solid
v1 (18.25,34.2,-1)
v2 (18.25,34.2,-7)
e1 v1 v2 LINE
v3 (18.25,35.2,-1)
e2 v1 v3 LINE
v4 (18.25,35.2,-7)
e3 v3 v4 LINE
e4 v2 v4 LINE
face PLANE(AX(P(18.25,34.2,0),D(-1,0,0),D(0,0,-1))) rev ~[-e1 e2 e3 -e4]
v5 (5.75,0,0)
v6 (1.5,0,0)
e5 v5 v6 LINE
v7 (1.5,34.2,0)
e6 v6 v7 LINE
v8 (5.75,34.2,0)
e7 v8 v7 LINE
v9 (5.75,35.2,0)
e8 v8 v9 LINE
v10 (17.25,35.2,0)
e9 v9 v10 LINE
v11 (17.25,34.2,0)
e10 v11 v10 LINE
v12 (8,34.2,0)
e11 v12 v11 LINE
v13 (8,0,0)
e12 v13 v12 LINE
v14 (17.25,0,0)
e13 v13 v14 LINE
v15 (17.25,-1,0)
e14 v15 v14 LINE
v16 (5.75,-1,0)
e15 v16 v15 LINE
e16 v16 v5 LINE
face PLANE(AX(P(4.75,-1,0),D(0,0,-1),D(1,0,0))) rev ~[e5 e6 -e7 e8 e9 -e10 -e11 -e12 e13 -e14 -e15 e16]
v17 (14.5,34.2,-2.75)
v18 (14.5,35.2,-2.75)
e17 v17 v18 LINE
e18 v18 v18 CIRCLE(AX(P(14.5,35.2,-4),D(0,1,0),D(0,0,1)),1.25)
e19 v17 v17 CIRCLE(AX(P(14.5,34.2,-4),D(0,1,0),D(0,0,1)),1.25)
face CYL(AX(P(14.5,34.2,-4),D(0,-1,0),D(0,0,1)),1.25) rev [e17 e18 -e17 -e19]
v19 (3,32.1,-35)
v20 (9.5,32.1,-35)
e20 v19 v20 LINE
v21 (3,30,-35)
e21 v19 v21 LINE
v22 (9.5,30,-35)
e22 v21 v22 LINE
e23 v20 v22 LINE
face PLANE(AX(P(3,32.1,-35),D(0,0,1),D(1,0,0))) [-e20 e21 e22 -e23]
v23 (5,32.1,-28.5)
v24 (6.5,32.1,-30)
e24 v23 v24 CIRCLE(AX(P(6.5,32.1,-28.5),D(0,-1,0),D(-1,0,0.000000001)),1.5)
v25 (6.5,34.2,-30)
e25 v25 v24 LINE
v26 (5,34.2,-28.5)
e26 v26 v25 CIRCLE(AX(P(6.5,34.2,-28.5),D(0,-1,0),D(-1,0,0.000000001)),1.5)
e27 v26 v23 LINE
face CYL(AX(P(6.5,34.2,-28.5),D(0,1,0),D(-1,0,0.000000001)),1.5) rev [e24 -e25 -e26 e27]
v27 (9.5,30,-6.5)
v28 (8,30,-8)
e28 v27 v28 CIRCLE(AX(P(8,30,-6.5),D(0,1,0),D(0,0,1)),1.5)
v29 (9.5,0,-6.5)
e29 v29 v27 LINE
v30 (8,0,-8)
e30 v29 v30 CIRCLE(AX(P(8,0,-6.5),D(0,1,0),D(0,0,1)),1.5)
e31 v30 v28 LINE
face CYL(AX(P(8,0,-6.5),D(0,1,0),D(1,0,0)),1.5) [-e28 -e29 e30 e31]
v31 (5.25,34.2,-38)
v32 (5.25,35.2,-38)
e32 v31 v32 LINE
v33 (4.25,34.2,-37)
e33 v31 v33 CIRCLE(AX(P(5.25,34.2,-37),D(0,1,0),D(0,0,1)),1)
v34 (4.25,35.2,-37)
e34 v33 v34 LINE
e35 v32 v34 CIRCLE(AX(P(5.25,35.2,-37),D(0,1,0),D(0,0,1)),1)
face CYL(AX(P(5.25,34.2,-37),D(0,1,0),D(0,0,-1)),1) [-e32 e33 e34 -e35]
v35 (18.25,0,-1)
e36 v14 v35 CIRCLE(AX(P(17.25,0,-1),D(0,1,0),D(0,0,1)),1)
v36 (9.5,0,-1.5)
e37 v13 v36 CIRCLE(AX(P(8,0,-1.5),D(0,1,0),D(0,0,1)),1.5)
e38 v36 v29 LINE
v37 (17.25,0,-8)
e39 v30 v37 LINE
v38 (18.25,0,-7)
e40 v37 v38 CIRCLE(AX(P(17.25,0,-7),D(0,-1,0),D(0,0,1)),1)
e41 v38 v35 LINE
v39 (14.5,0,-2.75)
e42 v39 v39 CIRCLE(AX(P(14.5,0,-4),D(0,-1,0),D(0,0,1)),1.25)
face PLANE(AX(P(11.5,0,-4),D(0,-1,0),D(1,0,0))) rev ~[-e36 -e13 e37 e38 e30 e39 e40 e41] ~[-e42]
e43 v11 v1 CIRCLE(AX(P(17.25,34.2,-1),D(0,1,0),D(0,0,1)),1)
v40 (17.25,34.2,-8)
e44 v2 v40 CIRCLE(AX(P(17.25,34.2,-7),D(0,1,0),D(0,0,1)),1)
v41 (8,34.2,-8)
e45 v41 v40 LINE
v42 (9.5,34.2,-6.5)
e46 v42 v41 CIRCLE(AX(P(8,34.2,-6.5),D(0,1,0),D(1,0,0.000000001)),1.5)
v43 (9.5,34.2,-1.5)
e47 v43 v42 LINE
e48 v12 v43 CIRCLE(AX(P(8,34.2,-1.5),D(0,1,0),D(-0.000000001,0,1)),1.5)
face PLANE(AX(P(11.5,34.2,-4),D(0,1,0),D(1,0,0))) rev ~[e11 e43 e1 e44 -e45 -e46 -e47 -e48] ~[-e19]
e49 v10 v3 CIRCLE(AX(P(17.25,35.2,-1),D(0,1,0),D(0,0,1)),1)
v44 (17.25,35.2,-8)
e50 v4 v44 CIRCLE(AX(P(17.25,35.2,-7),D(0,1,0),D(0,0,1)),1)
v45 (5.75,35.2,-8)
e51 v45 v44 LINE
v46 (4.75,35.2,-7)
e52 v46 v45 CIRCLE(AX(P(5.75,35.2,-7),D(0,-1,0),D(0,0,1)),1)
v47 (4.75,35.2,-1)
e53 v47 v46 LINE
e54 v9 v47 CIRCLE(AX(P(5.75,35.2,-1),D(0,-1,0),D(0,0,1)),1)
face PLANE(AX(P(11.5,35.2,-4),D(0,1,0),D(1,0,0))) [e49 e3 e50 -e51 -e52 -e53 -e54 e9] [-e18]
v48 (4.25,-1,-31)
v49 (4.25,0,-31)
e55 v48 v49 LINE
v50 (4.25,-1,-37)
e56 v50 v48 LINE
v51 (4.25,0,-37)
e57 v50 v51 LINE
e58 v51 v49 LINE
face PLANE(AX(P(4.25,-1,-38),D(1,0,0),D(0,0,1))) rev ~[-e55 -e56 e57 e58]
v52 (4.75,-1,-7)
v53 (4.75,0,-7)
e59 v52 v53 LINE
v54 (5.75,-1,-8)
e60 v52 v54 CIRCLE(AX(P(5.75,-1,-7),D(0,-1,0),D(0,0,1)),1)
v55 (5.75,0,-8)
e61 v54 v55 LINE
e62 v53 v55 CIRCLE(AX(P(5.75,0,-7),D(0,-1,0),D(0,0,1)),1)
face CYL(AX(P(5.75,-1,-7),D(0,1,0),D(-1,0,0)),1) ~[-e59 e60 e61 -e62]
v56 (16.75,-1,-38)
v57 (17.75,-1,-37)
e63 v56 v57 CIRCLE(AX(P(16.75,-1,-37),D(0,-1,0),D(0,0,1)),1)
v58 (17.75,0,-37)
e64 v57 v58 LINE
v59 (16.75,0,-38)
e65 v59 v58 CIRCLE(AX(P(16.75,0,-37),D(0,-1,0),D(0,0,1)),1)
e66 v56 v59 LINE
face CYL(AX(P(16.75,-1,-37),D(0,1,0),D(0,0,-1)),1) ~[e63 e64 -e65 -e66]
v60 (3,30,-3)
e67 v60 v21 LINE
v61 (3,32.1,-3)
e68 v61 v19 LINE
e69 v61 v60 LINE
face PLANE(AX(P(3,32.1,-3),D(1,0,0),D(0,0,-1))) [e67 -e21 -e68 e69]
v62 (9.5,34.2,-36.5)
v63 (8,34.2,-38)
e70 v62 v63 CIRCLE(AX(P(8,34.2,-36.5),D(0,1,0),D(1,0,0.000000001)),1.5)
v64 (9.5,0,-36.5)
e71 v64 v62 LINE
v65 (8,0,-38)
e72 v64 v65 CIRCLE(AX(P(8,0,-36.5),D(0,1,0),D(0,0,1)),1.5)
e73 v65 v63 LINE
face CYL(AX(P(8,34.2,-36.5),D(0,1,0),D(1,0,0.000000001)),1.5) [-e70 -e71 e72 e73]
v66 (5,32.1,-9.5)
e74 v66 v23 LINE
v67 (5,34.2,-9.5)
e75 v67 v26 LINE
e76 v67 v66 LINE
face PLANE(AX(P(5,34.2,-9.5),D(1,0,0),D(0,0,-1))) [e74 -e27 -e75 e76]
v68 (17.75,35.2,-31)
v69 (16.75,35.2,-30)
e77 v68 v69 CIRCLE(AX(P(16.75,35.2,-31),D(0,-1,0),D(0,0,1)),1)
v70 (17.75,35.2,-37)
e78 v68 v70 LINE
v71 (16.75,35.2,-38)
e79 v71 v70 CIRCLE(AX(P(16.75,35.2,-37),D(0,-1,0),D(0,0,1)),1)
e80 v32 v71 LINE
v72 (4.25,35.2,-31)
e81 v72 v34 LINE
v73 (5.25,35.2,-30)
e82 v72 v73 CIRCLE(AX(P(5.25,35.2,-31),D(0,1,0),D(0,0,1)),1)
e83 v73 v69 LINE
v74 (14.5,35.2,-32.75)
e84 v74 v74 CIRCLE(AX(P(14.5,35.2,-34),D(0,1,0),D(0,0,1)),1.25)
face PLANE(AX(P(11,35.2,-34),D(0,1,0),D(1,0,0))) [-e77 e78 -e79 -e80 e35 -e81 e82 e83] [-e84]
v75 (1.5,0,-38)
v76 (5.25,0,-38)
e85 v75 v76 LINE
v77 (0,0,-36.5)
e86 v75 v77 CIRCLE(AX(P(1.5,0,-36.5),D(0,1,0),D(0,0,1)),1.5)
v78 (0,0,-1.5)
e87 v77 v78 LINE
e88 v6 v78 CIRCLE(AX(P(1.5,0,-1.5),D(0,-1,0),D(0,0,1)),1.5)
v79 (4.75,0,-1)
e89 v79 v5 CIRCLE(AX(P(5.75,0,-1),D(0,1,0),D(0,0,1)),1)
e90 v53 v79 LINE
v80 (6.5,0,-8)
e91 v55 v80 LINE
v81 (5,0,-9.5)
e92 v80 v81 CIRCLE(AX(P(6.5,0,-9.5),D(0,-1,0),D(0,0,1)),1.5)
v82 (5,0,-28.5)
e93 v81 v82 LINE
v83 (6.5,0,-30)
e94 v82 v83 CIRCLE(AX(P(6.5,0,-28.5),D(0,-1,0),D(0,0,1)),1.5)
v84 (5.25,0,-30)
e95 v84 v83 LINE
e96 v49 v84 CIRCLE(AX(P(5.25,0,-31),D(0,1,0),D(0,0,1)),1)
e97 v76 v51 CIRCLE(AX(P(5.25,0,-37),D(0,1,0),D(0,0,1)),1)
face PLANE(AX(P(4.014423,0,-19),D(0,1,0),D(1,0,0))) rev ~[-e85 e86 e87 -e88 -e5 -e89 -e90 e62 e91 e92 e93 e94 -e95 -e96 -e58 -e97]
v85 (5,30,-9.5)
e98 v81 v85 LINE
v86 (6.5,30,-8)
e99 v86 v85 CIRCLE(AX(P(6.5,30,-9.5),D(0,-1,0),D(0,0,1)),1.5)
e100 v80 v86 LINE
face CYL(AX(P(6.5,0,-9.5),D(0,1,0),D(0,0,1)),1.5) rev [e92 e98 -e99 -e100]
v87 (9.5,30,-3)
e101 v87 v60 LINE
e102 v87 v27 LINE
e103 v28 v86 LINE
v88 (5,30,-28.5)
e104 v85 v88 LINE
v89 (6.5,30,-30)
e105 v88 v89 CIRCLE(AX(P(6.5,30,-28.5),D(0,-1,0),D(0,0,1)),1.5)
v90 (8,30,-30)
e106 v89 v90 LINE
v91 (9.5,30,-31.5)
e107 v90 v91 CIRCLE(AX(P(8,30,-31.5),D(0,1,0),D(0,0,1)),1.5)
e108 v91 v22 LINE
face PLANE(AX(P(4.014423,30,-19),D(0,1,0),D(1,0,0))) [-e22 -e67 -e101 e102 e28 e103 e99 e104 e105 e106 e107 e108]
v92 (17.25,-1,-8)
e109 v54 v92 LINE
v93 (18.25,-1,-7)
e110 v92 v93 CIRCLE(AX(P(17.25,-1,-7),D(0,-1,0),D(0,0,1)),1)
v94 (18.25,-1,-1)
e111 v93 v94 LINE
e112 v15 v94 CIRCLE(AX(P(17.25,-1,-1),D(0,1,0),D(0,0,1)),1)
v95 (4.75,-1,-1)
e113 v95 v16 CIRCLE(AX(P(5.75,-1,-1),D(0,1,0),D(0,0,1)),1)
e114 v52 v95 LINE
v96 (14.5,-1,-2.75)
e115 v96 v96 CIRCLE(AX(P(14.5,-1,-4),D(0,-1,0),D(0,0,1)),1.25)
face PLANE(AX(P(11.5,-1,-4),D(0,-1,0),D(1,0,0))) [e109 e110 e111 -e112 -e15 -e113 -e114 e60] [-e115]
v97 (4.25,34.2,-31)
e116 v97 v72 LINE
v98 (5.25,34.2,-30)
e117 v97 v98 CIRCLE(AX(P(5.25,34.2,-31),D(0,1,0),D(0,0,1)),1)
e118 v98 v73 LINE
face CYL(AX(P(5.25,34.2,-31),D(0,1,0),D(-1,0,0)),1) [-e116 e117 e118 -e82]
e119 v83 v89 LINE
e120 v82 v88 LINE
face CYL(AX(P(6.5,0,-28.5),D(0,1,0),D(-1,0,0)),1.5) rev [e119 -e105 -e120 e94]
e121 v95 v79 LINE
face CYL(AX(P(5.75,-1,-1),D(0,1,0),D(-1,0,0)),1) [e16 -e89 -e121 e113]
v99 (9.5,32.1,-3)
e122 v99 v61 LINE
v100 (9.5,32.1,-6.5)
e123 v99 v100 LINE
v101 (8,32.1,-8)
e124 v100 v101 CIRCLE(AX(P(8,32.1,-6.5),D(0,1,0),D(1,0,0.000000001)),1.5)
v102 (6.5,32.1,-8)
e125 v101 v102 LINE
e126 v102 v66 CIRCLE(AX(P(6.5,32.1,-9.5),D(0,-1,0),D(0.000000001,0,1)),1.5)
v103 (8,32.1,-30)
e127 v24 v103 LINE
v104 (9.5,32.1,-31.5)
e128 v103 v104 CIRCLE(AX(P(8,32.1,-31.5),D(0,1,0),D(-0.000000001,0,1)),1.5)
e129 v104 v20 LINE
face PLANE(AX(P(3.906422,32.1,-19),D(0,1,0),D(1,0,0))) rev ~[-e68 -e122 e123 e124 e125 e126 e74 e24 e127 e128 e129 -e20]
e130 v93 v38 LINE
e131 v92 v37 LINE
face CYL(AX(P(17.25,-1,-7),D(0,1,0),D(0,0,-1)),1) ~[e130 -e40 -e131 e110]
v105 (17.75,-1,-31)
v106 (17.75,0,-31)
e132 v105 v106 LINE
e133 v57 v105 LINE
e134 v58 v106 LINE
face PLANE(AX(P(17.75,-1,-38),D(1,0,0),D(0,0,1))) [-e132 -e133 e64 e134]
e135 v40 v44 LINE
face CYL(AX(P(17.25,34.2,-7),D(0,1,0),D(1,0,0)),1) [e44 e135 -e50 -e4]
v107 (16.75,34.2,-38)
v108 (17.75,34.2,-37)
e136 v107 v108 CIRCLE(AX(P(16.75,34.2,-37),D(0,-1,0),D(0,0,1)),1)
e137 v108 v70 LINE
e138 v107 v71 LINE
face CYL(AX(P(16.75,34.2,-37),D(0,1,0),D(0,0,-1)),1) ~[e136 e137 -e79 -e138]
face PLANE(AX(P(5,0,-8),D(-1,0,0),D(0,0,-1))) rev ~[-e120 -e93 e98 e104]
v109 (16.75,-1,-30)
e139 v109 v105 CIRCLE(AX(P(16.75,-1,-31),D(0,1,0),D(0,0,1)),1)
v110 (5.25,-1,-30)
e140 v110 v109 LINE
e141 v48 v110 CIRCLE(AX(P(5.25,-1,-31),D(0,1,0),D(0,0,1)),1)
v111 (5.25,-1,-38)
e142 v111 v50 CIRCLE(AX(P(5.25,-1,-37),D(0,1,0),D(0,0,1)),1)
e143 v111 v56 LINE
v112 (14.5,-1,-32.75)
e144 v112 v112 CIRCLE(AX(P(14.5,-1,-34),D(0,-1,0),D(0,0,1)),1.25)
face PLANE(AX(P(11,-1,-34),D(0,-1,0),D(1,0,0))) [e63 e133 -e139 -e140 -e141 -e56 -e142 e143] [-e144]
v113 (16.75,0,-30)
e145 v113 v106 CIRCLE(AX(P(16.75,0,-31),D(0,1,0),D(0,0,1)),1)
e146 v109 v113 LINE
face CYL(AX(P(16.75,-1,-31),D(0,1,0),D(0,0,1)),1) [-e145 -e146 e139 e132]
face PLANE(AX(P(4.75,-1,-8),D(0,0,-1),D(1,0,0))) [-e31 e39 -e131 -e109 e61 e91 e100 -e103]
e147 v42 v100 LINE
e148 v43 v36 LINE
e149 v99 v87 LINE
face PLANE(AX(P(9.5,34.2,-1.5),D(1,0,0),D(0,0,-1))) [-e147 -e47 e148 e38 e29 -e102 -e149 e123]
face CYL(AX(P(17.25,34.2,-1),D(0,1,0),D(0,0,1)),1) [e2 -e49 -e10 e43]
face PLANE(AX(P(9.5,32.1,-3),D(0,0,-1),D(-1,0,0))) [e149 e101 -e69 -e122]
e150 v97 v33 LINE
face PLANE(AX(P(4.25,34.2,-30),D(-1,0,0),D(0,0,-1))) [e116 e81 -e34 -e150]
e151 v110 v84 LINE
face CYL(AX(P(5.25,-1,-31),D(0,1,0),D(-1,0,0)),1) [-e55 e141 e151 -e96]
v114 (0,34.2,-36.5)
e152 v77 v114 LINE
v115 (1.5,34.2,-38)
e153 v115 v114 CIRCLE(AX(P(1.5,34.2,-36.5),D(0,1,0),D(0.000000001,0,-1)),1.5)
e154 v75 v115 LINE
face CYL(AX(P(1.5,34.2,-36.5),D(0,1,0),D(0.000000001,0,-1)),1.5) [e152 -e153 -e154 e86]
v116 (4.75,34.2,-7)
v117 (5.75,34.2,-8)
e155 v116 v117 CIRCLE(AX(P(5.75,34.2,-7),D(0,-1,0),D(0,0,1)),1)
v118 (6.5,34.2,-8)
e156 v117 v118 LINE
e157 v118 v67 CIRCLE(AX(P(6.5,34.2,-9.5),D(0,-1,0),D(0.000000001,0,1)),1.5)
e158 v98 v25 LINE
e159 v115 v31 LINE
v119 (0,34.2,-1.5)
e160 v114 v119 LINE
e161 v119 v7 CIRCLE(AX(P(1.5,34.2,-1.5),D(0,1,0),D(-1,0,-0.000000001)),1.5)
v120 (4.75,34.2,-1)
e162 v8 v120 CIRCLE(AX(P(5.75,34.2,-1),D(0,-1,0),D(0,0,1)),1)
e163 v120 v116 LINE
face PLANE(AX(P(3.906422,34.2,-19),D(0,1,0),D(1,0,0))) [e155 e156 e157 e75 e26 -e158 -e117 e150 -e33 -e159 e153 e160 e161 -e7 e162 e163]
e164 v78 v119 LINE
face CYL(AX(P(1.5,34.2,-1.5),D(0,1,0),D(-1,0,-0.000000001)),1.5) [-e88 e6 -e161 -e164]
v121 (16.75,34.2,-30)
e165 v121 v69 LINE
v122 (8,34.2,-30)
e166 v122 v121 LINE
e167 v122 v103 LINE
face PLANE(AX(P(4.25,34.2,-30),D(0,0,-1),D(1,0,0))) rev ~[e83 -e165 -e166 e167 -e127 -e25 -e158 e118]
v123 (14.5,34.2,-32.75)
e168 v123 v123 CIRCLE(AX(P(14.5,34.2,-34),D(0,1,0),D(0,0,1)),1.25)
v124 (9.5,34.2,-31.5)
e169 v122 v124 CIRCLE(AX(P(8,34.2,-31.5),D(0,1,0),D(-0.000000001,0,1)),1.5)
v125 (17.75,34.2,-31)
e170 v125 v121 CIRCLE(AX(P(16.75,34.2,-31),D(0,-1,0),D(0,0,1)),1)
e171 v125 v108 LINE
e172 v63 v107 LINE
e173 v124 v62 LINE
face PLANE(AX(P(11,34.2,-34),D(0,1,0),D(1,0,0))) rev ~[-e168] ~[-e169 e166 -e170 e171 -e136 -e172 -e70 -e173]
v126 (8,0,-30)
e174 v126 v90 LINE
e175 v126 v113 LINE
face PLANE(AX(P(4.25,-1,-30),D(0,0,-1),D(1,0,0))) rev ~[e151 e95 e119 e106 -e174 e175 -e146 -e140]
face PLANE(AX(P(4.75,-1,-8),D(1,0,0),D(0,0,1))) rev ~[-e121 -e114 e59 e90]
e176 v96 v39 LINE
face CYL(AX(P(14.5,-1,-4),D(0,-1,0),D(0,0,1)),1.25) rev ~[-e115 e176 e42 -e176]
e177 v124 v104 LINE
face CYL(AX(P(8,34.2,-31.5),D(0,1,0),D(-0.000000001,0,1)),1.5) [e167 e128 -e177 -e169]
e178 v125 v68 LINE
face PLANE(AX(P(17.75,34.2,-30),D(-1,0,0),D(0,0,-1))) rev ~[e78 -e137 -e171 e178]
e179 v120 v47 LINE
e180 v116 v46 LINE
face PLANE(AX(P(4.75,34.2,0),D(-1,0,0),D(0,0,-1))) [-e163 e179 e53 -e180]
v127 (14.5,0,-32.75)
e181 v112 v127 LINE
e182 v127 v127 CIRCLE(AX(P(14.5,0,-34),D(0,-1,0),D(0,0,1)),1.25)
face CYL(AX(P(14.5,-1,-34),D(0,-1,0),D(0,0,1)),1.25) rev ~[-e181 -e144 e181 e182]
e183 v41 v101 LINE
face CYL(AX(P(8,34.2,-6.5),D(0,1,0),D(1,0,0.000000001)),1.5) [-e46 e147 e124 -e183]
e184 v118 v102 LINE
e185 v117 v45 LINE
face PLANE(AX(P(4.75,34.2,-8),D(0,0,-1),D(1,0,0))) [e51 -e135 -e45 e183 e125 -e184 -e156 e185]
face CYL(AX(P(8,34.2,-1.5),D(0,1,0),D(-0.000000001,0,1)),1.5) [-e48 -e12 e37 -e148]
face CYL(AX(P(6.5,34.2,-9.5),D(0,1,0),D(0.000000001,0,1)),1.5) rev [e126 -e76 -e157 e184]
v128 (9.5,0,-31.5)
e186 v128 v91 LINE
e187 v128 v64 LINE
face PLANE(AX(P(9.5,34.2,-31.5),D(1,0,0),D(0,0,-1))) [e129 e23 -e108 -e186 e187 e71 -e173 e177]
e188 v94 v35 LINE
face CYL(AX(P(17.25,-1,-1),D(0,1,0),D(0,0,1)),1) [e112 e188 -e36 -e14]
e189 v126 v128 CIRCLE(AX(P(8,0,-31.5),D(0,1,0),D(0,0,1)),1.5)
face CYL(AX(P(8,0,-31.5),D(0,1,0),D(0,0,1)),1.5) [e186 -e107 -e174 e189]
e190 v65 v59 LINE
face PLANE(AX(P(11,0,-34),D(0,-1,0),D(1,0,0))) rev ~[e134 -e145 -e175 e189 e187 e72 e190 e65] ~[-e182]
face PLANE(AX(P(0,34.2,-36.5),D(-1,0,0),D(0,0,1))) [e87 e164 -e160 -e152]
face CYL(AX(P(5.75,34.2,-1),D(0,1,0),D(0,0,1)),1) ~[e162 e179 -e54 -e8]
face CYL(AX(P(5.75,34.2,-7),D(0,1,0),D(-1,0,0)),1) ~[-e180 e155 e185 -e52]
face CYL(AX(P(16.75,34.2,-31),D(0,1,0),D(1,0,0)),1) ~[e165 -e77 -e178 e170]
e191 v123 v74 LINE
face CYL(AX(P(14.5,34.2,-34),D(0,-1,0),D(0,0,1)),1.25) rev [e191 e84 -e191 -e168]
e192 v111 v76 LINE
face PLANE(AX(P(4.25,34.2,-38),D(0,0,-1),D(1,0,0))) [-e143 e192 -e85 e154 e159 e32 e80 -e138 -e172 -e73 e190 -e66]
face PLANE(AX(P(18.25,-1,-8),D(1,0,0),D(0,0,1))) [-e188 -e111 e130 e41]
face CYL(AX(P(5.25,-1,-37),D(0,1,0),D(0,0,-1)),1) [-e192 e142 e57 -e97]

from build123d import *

# Parameters (mm, degrees)
SALIENTE_EXTRUIR1_DEPTH = 30
REDONDEO1_R             = 1.5
SALIENTE_EXTRUIR2_START = 2.1
SALIENTE_EXTRUIR2_DEPTH = 2.1
SALIENTE_EXTRUIR3_START = 2.1
SALIENTE_EXTRUIR3_DEPTH = 2.1
CROQUIS4_W              = 13.5
CROQUIS4_H              = 8
CROQUIS4_R              = 1.25
SALIENTE_EXTRUIR4_DEPTH = 1
SALIENTE_EXTRUIR5_START = 1
CROQUIS5_W              = 13.5
CROQUIS5_H              = 8
CROQUIS5_R              = 1.25
SALIENTE_EXTRUIR5_DEPTH = 1
REDONDEO2_R             = 1


with BuildPart() as part:
    # Croquis1 → Saliente-Extruir1 (new body)
    with BuildSketch(Plane(origin=(0, 0, 0), x_dir=(1, 0, 0), z_dir=(0, 1, 0))):
        Polygon((0, 0), (9.5, 0), (9.5, 8), (5, 8), (5, 30), (9.5, 30), (9.5, 38), (0, 38), align=None)
    extrude(amount=SALIENTE_EXTRUIR1_DEPTH)

    # Redondeo1
    redondeo1_edges = [part.edges().sort_by_distance(p)[0] for p in [
        (0, 15, -38),
        (9.5, 15, -38),
        (9.5, 15, -30),
        (5, 15, -30),
        (5, 15, -8),
        (9.5, 15, -8),
        (9.5, 15, 0),
        (0, 15, 0),
    ]]
    fillet(redondeo1_edges, radius=REDONDEO1_R)

    # Croquis2 → Saliente-Extruir2 (add)
    with BuildSketch(Plane(origin=(0, 30, 0), x_dir=(1, 0, 0), z_dir=(0, 1, 0)).offset(SALIENTE_EXTRUIR2_START)):
        with BuildLine():
            Line((0, 36.5), (0, 1.5))
            ThreePointArc((0, 1.5), (0.439339828, 0.439339828), (1.5, 0))
            Line((1.5, 0), (8, 0))
            ThreePointArc((8, 0), (9.060660172, 0.439339828), (9.5, 1.5))
            Line((9.5, 1.5), (9.5, 3))
            Line((9.5, 3), (3, 3))
            Line((3, 3), (3, 35))
            Line((3, 35), (9.5, 35))
            Line((9.5, 35), (9.5, 36.5))
            ThreePointArc((9.5, 36.5), (9.060660172, 37.560660172), (8, 38))
            Line((8, 38), (1.5, 38))
            ThreePointArc((1.5, 38), (0.439339828, 37.560660172), (0, 36.5))
        make_face()
    extrude(amount=-SALIENTE_EXTRUIR2_DEPTH)

    # Croquis3 → Saliente-Extruir3 (add)
    with BuildSketch(Plane(origin=(0, 32.1, 0), x_dir=(1, 0, 0), z_dir=(0, 1, 0)).offset(SALIENTE_EXTRUIR3_START)):
        with BuildLine():
            Line((8, 8), (6.5, 8))
            ThreePointArc((6.5, 8), (5.439339828, 8.439339828), (5, 9.5))
            Line((5, 9.5), (5, 28.5))
            ThreePointArc((5, 28.5), (5.439339828, 29.560660172), (6.5, 30))
            Line((6.5, 30), (8, 30))
            ThreePointArc((8, 30), (9.060660172, 30.439339828), (9.5, 31.5))
            Line((9.5, 31.5), (9.5, 36.5))
            ThreePointArc((9.5, 36.5), (9.060660172, 37.560660172), (8, 38))
            Line((8, 38), (1.5, 38))
            ThreePointArc((1.5, 38), (0.439339828, 37.560660172), (0, 36.5))
            Line((0, 36.5), (0, 1.5))
            ThreePointArc((0, 1.5), (0.439339828, 0.439339828), (1.5, 0))
            Line((1.5, 0), (8, 0))
            ThreePointArc((8, 0), (9.060660172, 0.439339828), (9.5, 1.5))
            Line((9.5, 1.5), (9.5, 6.5))
            ThreePointArc((9.5, 6.5), (9.060660172, 7.560660172), (8, 8))
        make_face()
    extrude(amount=-SALIENTE_EXTRUIR3_DEPTH)

    # Croquis4 → Saliente-Extruir4 (add)
    # profile 1 of 2: a face of its own
    with BuildSketch(Plane(origin=(0, 34.2, 0), x_dir=(1, 0, 0), z_dir=(0, 1, 0))):
        with Locations((11, 34)):
            Rectangle(CROQUIS4_W, CROQUIS4_H)
        with Locations(Location((14.5, 34, 0), (0, 0, 270))):
            Circle(CROQUIS4_R, mode=Mode.SUBTRACT)
    # profile 2 of 2: a face of its own
    with BuildSketch(Plane(origin=(0, 34.2, 0), x_dir=(1, 0, 0), z_dir=(0, 1, 0))):
        with Locations((11.5, 4)):
            Rectangle(CROQUIS4_W, CROQUIS4_H)
        with Locations(Location((14.5, 4, 0), (0, 0, 270))):
            Circle(CROQUIS4_R, mode=Mode.SUBTRACT)
    extrude(amount=SALIENTE_EXTRUIR4_DEPTH)

    # Croquis5 → Saliente-Extruir5 (add)
    # profile 1 of 2: a face of its own
    with BuildSketch(Plane.XZ.offset(SALIENTE_EXTRUIR5_START)):
        with Locations((11.5, -4)):
            Rectangle(CROQUIS5_W, CROQUIS5_H)
        with Locations(Location((14.5, -4, 0), (0, 0, 90))):
            Circle(CROQUIS5_R, mode=Mode.SUBTRACT)
    # profile 2 of 2: a face of its own
    with BuildSketch(Plane.XZ.offset(SALIENTE_EXTRUIR5_START)):
        with Locations((11, -34)):
            Rectangle(CROQUIS5_W, CROQUIS5_H)
        with Locations(Location((14.5, -34, 0), (0, 0, 90))):
            Circle(CROQUIS5_R, mode=Mode.SUBTRACT)
    extrude(amount=-SALIENTE_EXTRUIR5_DEPTH)

    # Redondeo2
    redondeo2_edges = [part.edges().sort_by_distance(p)[0] for p in [
        (4.25, 34.7, -38),
        (4.25, 34.7, -30),
        (17.75, 34.7, -30),
        (17.75, 34.7, -38),
        (4.75, 34.7, -8),
        (4.75, 34.7, 0),
        (18.25, 34.7, 0),
        (18.25, 34.7, -8),
        (4.75, -0.5, 0),
        (4.75, -0.5, -8),
        (18.25, -0.5, -8),
        (18.25, -0.5, 0),
        (4.25, -0.5, -30),
        (4.25, -0.5, -38),
        (17.75, -0.5, -38),
        (17.75, -0.5, -30),
    ]]
    fillet(redondeo2_edges, radius=REDONDEO2_R)


solid = part.part
